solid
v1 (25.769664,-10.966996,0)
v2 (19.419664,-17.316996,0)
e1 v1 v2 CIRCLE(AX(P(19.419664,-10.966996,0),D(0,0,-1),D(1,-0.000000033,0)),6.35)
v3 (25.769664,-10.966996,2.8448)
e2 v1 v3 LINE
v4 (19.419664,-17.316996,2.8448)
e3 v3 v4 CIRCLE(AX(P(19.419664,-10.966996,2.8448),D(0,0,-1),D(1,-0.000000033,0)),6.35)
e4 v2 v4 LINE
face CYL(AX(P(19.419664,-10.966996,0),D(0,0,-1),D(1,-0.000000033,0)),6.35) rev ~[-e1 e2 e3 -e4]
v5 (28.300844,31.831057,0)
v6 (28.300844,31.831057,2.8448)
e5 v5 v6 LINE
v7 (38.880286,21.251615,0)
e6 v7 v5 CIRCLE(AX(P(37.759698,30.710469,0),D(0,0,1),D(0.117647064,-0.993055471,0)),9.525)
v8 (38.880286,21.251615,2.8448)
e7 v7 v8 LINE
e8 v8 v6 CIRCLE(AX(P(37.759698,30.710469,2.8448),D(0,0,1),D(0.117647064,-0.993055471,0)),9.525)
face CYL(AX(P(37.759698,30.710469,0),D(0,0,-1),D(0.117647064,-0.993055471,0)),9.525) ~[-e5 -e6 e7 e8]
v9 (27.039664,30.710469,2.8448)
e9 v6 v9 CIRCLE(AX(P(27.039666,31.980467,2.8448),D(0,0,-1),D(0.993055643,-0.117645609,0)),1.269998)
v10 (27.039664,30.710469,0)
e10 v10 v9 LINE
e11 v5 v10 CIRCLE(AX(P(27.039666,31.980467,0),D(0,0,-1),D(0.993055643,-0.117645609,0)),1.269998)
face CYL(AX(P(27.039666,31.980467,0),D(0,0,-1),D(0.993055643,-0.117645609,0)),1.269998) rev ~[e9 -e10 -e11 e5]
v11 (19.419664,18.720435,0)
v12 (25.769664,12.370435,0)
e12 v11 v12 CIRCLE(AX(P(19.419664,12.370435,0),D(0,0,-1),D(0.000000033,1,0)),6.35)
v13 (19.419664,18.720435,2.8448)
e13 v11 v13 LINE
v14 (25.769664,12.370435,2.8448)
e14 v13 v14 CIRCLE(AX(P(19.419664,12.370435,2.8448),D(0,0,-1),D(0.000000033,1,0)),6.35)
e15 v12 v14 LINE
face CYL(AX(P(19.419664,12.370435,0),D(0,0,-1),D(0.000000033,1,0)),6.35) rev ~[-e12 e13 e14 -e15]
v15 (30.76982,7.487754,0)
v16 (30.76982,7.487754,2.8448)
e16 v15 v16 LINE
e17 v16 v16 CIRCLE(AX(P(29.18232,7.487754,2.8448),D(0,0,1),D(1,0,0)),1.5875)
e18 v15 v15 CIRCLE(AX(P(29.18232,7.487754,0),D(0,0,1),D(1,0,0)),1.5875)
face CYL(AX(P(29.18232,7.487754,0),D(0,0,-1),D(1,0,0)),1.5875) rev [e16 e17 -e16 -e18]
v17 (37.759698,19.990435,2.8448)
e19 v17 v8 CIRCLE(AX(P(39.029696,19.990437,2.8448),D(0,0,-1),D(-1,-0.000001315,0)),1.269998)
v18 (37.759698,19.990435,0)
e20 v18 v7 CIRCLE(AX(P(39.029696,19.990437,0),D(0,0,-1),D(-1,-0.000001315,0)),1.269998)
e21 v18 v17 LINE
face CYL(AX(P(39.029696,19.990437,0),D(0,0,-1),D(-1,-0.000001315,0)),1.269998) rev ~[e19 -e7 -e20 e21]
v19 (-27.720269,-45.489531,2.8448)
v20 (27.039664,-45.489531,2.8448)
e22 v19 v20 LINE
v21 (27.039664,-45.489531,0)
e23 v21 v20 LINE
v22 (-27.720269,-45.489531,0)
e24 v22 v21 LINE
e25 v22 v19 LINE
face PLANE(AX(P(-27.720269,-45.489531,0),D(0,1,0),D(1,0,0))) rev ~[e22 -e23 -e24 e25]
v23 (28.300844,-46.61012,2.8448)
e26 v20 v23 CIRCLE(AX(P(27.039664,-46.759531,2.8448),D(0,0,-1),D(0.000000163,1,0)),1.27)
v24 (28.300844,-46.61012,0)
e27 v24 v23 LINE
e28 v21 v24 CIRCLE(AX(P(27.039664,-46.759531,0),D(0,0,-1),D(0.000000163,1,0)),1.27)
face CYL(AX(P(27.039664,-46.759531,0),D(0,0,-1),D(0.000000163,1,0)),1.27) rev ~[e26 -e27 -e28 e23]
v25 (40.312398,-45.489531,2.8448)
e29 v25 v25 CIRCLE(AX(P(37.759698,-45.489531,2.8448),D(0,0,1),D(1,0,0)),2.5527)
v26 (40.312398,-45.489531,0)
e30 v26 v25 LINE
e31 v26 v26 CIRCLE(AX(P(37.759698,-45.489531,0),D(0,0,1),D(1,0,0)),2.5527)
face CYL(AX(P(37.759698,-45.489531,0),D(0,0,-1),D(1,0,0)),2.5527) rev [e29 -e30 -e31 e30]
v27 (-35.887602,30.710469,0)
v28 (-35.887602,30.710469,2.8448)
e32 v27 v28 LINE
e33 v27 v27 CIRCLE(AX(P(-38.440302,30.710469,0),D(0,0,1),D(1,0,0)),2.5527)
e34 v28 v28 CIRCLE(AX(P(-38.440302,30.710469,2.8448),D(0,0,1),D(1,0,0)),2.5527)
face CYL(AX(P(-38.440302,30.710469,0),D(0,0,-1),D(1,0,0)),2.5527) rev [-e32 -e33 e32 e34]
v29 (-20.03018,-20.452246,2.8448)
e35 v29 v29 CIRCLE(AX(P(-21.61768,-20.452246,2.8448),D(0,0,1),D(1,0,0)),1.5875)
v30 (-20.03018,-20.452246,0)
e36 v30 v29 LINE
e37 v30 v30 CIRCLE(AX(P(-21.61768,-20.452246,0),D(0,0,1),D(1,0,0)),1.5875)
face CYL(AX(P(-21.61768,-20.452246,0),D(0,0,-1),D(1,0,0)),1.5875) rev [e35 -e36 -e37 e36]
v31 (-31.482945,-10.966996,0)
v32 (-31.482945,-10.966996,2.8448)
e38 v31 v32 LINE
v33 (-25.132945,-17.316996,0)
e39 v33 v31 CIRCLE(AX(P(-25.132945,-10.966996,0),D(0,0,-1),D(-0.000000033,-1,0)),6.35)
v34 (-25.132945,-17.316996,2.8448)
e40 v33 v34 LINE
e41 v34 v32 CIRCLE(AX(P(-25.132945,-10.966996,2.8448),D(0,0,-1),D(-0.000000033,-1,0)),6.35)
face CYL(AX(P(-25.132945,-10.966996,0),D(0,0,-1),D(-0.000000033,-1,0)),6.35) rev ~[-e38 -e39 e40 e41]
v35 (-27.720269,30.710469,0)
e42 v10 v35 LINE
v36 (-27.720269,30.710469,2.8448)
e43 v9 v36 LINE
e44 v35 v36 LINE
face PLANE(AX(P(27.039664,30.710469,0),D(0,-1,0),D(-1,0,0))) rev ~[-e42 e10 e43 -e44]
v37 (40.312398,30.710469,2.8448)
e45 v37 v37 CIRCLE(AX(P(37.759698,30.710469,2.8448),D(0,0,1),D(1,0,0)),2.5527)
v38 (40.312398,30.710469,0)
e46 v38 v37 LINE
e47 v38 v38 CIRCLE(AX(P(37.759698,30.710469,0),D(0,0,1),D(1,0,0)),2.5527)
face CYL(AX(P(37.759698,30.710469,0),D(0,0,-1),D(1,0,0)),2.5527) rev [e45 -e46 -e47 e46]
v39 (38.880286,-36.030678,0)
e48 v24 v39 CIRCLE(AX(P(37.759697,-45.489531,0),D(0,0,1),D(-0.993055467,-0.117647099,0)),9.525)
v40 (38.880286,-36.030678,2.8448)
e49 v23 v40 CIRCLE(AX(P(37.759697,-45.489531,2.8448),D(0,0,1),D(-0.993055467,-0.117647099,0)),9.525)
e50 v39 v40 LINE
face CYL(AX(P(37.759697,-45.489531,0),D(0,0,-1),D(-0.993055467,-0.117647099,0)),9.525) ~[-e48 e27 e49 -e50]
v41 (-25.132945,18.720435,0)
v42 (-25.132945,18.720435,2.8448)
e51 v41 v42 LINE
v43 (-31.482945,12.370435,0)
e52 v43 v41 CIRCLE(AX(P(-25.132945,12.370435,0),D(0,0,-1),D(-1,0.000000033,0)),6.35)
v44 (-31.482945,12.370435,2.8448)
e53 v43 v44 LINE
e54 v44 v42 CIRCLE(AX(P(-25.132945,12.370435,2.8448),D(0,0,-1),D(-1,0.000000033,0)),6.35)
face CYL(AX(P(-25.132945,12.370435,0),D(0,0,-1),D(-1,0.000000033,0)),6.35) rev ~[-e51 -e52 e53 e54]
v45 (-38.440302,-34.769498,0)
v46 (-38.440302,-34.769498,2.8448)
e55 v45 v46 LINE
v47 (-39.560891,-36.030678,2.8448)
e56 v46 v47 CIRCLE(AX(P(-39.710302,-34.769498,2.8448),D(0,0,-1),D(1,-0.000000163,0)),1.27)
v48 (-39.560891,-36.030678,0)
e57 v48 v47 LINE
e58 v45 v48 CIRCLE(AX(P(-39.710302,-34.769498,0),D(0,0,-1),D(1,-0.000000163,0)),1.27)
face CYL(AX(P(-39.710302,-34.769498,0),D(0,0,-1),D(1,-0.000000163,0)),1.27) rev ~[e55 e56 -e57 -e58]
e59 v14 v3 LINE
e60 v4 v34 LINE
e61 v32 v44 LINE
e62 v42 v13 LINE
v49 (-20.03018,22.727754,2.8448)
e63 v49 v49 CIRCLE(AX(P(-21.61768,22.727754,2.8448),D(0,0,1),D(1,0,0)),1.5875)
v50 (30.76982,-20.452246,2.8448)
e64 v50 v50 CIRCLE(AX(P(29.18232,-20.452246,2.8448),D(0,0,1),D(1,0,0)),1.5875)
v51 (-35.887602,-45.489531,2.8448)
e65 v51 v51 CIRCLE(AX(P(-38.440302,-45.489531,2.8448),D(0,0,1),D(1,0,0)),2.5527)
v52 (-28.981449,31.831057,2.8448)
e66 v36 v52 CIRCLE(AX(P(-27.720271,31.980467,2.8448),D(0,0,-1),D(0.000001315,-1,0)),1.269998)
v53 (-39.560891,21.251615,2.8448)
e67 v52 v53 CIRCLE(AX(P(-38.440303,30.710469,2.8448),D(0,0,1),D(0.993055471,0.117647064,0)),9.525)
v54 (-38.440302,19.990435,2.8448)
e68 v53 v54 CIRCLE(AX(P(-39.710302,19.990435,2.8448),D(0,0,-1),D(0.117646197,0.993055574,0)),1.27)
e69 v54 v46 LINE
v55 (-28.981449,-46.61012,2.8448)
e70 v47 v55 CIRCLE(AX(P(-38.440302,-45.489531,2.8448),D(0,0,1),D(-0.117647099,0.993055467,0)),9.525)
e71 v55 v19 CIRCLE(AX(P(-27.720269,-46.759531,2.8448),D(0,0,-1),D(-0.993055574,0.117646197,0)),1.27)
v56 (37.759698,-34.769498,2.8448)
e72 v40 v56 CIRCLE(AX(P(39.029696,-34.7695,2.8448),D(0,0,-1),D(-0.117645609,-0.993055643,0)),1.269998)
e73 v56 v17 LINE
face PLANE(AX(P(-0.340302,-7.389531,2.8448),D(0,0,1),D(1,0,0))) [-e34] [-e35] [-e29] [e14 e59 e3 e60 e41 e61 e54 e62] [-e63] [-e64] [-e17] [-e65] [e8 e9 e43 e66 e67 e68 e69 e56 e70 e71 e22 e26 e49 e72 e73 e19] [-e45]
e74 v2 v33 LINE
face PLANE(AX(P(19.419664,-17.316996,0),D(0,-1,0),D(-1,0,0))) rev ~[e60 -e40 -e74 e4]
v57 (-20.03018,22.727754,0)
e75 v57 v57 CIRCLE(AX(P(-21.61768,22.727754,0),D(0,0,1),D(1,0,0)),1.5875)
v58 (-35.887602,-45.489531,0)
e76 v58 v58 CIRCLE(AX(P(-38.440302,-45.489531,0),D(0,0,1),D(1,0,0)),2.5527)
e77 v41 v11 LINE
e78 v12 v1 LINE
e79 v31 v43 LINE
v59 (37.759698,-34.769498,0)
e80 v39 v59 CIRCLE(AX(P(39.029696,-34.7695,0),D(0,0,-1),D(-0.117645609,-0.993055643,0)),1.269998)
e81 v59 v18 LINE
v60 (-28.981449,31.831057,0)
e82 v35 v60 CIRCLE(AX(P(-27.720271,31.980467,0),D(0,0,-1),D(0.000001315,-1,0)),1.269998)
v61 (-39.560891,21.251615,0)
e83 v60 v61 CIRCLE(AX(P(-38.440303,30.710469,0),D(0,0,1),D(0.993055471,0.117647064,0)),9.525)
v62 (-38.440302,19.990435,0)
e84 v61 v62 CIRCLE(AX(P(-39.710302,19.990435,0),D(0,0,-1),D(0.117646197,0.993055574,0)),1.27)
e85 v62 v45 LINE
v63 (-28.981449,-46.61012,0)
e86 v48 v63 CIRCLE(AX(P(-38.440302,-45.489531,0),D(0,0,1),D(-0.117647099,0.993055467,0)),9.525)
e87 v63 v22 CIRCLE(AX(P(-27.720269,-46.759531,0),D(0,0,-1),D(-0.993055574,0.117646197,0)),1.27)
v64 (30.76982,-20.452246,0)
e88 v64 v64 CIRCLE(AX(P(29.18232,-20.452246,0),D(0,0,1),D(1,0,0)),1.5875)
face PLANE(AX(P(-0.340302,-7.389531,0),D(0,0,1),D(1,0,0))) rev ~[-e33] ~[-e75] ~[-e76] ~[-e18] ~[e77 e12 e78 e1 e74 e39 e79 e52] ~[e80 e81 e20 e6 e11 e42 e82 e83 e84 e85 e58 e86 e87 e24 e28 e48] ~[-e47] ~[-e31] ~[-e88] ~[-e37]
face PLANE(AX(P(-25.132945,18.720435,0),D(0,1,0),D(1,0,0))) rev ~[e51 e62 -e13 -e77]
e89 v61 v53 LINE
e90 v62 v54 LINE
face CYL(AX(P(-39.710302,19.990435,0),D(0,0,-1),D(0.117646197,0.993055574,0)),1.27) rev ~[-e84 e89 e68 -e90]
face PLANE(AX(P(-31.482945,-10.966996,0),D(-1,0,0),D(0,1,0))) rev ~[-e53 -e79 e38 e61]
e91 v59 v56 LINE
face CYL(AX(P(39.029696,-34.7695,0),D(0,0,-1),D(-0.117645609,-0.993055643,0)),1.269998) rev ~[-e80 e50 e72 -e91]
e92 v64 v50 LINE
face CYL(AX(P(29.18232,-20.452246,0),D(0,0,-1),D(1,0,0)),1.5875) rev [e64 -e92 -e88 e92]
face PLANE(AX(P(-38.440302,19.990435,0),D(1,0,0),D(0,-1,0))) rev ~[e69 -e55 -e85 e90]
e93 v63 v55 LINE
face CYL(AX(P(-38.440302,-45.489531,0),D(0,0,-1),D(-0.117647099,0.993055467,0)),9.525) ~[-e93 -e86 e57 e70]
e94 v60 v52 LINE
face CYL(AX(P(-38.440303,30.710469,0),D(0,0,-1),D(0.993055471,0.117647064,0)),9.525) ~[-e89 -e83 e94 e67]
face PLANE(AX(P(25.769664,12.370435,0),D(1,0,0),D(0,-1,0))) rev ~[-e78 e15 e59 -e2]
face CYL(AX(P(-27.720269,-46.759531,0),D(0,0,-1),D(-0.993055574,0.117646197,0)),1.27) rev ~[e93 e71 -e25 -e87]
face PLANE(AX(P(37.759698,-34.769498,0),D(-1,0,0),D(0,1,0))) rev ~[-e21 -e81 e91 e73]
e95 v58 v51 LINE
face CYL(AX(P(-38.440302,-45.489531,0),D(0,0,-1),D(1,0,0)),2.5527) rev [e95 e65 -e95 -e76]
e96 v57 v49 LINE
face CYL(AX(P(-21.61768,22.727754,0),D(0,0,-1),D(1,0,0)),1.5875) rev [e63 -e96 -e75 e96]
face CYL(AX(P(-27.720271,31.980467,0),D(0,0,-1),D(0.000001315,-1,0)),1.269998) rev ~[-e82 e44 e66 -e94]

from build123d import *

# Parameters (mm, degrees)
F0_R     = 2.5527
F0_R_2   = 1.5875
F1_DEPTH = 2.8448


with BuildPart() as f1:
    # F0 (on Top) → F1 (new body)
    with BuildSketch(Plane.XY):
        with BuildLine():
            Line((27.039664, 30.710469), (-27.720269, 30.710469))
            ThreePointArc((-27.720269, 30.710469), (-28.563817, 31.031086), (-28.981449, 31.831057))
            ThreePointArc((-28.981449, 31.831057), (-45.175495, 37.445661), (-39.560891, 21.251615))
            ThreePointArc((-39.560891, 21.251615), (-38.76092, 20.833983), (-38.440302, 19.990435))
            Line((-38.440302, 19.990435), (-38.440302, -34.769498))
            ThreePointArc((-38.440302, -34.769498), (-38.76092, -35.613046), (-39.560891, -36.030678))
            ThreePointArc((-39.560891, -36.030678), (-45.175495, -52.224723), (-28.981449, -46.61012))
            ThreePointArc((-28.981449, -46.61012), (-28.563817, -45.810149), (-27.720269, -45.489531))
            Line((-27.720269, -45.489531), (27.039664, -45.489531))
            ThreePointArc((27.039664, -45.489531), (27.883212, -45.810149), (28.300844, -46.61012))
            ThreePointArc((28.300844, -46.61012), (44.49489, -52.224723), (38.880286, -36.030678))
            ThreePointArc((38.880286, -36.030678), (38.080315, -35.613046), (37.759698, -34.769498))
            Line((37.759698, -34.769498), (37.759698, 19.990435))
            ThreePointArc((37.759698, 19.990435), (38.080315, 20.833983), (38.880286, 21.251615))
            ThreePointArc((38.880286, 21.251615), (44.49489, 37.445661), (28.300844, 31.831057))
            ThreePointArc((28.300844, 31.831057), (27.883212, 31.031086), (27.039664, 30.710469))
        make_face()
        with Locations((-38.440302, -45.489531)):
            Circle(F0_R, mode=Mode.SUBTRACT)
        with Locations((-21.61768, -20.452246)):
            Circle(F0_R_2, mode=Mode.SUBTRACT)
        with Locations((37.759698, -45.489531)):
            Circle(F0_R, mode=Mode.SUBTRACT)
        with Locations((29.18232, -20.452246)):
            Circle(F0_R_2, mode=Mode.SUBTRACT)
        with BuildLine():
            ThreePointArc((-31.482945, 12.370435), (-29.623073, 16.860563), (-25.132945, 18.720435))
            Line((-25.132945, 18.720435), (19.419664, 18.720435))
            ThreePointArc((19.419664, 18.720435), (23.909792, 16.860563), (25.769664, 12.370435))
            Line((25.769664, 12.370435), (25.769664, -10.966996))
            ThreePointArc((25.769664, -10.966996), (23.909792, -15.457124), (19.419664, -17.316996))
            Line((19.419664, -17.316996), (-25.132945, -17.316996))
            ThreePointArc((-25.132945, -17.316996), (-29.623073, -15.457124), (-31.482945, -10.966996))
            Line((-31.482945, -10.966996), (-31.482945, 12.370435))
        make_face(mode=Mode.SUBTRACT)
        with Locations((-38.440302, 30.710469)):
            Circle(F0_R, mode=Mode.SUBTRACT)
        with Locations((-21.61768, 22.727754)):
            Circle(F0_R_2, mode=Mode.SUBTRACT)
        with Locations((29.18232, 7.487754)):
            Circle(F0_R_2, mode=Mode.SUBTRACT)
        with Locations((37.759698, 30.710469)):
            Circle(F0_R, mode=Mode.SUBTRACT)
    extrude(amount=F1_DEPTH)


solid = f1.part
